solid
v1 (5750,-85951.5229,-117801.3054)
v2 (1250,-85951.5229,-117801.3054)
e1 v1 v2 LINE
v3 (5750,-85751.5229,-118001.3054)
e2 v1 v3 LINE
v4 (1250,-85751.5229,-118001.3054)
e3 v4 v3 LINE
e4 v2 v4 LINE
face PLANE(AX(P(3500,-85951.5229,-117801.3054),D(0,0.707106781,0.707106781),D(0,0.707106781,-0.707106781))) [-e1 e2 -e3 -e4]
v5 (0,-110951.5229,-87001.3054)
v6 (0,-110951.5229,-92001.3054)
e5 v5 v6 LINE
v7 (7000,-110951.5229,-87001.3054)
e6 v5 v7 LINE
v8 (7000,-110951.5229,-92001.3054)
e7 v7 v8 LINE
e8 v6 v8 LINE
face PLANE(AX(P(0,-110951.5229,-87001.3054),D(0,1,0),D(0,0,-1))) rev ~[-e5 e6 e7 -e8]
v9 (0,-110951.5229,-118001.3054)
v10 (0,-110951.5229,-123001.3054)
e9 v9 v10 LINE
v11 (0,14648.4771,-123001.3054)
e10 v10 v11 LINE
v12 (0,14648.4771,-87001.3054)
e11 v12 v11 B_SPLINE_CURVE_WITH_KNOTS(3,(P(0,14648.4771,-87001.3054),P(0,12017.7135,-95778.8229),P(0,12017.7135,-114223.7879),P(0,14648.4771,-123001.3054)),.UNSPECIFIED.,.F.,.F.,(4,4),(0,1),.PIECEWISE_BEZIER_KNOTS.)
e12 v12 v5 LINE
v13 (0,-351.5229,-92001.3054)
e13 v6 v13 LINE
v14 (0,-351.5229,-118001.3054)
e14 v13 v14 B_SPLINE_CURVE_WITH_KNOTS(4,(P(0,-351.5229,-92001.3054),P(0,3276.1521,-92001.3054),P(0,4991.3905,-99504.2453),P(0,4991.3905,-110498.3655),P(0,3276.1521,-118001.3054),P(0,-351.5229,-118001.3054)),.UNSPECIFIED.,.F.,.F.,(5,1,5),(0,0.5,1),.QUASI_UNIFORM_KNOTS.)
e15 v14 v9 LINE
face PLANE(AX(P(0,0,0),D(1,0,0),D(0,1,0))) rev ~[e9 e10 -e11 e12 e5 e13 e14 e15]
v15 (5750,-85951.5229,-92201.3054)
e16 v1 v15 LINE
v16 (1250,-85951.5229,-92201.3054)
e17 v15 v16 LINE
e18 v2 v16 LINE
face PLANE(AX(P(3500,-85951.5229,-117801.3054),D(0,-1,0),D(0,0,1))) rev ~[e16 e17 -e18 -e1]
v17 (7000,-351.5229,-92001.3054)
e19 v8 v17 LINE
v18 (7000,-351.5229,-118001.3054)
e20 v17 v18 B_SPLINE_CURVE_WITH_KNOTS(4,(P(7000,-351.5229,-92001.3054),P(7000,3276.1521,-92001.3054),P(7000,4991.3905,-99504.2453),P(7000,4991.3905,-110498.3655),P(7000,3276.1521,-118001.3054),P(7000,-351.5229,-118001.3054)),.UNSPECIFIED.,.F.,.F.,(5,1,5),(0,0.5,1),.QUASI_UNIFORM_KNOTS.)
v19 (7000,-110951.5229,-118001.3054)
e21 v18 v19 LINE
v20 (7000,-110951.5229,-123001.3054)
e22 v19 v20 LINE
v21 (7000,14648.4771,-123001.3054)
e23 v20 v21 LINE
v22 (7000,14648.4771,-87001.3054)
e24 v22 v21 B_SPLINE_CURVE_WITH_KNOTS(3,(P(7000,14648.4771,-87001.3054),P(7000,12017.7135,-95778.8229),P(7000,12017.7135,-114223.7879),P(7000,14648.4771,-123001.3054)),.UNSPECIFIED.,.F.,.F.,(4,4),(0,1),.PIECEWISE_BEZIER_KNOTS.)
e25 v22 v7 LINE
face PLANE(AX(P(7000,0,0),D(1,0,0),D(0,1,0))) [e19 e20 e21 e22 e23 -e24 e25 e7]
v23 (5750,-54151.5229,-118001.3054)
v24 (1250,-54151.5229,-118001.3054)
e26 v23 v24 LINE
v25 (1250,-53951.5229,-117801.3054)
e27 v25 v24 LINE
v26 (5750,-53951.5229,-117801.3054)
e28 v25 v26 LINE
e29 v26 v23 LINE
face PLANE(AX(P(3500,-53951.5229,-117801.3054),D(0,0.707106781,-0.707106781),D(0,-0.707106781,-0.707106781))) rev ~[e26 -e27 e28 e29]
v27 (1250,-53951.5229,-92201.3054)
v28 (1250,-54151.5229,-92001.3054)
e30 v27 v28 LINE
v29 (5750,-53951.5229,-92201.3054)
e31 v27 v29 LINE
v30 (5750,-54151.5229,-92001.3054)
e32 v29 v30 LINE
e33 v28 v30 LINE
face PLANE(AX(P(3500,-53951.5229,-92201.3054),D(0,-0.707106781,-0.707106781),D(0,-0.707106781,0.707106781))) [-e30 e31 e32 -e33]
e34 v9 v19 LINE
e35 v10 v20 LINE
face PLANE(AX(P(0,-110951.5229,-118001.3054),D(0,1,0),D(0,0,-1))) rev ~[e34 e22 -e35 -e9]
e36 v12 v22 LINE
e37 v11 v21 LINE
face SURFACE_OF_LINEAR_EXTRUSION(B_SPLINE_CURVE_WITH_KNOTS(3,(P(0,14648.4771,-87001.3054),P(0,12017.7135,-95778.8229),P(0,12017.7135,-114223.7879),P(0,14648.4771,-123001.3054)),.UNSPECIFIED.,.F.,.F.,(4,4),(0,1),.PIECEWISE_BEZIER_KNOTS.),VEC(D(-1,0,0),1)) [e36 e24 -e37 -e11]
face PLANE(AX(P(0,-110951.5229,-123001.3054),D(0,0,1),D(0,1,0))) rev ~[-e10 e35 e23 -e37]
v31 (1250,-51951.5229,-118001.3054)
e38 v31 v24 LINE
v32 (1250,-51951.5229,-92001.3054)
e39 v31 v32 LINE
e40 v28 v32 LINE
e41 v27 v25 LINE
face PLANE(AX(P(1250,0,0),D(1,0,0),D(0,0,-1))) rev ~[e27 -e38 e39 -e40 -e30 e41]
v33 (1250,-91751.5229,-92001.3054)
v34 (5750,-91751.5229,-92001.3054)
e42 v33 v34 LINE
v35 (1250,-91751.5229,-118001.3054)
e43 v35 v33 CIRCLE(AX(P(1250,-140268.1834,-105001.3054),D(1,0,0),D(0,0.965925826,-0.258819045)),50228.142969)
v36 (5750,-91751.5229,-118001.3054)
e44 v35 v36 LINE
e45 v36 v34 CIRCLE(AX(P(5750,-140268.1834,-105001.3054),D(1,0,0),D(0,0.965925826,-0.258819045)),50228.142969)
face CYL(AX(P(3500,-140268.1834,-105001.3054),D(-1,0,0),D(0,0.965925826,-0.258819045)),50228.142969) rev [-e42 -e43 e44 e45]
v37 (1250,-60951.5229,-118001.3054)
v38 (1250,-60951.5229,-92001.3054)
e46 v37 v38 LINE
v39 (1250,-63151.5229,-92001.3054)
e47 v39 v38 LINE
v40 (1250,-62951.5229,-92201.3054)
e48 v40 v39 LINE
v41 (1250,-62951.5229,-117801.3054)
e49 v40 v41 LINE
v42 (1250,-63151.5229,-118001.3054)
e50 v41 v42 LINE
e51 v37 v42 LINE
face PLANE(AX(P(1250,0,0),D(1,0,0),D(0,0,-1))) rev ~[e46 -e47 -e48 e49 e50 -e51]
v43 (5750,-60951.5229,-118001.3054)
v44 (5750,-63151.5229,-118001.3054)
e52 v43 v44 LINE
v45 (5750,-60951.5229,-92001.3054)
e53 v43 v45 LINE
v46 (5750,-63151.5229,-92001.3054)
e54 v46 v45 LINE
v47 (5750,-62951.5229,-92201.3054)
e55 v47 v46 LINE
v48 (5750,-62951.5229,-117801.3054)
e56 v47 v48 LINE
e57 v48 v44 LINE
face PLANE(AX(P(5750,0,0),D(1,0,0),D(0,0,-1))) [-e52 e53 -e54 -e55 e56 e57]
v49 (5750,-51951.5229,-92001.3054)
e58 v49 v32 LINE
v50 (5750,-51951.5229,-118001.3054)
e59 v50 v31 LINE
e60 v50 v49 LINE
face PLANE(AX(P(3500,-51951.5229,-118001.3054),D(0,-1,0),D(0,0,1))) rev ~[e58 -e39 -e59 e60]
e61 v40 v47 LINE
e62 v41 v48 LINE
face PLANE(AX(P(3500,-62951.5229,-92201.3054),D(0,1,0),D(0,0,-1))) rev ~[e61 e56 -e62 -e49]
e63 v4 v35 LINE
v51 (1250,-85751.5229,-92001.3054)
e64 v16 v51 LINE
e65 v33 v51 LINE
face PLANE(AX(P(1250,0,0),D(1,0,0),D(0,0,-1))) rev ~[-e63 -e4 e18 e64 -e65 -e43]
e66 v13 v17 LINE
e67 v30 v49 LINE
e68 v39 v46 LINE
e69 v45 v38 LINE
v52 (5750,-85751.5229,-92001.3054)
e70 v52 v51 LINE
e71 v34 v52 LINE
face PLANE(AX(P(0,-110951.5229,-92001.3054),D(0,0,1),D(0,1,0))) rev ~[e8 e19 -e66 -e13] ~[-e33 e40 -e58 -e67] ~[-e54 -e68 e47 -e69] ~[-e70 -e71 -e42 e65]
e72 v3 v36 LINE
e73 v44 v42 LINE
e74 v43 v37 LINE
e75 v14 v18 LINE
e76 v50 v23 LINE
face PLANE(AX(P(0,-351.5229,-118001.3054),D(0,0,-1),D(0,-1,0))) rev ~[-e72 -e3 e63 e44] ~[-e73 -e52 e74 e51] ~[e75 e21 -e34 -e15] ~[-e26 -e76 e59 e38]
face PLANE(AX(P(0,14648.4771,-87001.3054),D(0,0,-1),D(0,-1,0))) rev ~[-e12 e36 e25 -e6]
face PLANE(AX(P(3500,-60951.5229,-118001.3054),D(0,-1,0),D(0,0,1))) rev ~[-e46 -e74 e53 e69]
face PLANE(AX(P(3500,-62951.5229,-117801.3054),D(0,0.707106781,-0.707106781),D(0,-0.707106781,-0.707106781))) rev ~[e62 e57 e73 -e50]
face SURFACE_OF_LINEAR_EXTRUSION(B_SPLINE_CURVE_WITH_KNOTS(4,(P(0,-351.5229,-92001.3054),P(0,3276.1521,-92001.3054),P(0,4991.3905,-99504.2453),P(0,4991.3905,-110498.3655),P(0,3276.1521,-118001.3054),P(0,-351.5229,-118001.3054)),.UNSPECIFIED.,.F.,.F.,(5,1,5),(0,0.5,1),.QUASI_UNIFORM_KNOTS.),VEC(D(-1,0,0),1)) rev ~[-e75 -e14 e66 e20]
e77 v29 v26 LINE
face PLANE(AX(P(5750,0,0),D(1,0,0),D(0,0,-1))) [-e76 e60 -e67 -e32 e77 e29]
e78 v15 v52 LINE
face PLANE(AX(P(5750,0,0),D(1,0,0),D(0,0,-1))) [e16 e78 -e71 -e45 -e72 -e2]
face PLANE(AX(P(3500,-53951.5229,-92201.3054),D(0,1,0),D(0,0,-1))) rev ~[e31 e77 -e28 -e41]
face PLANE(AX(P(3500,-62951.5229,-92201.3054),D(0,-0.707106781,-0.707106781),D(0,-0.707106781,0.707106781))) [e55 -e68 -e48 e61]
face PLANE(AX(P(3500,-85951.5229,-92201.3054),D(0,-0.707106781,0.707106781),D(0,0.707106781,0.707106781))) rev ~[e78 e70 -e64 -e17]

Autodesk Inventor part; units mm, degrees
ref_plane "YZ Plane" through (0, 0, 0) normal (1, 0, 0) x (0, 1, 0)
ref_plane "XZ Plane" through (0, 0, 0) normal (0, 1, 0) x (-1, 0, 0)
ref_plane "XY Plane" through (0, 0, 0) normal (0, 0, 1) x (1, 0, 0)
sketch "スケッチ1" plane through (0, 0, 0) normal (1, 0, 0) x (0, 1, 0)
  line L0 (14648.4771, -87001.3054) -> (-110951.5229, -87001.3054)
  line L1 (-110951.5229, -87001.3054) -> (-110951.5229, -92001.3054)
  line L2 (-110951.5229, -92001.3054) -> (-351.5229, -92001.3054)
  spline S0 degree 4 poles (-351.5229, -92001.3054) (3276.1521, -92001.3054) (4991.3905, -99504.2453) (4991.3905, -110498.3655) (3276.1521, -118001.3054) (-351.5229, -118001.3054) knots 0 0 0 0 0 0.5 1 1 1 1 1
  line L3 (-351.5229, -118001.3054) -> (-110951.5229, -118001.3054)
  line L4 (-110951.5229, -118001.3054) -> (-110951.5229, -123001.3054)
  line L5 (-110951.5229, -123001.3054) -> (14648.4771, -123001.3054)
  spline S1 degree 3 poles (14648.4771, -87001.3054) (12017.7135, -95778.8229) (12017.7135, -114223.7879) (14648.4771, -123001.3054) knots 0 0 0 0 1 1 1 1
  point P0 (0, 0)
  point P1 (4033.3753, -97539.5737)
  point P2 (4033.3753, -112463.0371)
  point P3 (12947.7718, -97539.5737)
  point P4 (12947.7718, -112463.0371)
  dimension "d0" = 125600
  dimension "d1" = 5000
  dimension "d2" = 36000
  dimension "d3" = 15000
  dimension "d4" = 4384.8982
  dimension "d5" = 1700.7053
  dimension "d6" = 5538.2683
  dimension "d7" = 5538.2683
extrude "押し出し1" add sketch "スケッチ1" along normal blind 7000
ref_plane "作業平面1" through (3500, 0, 0) normal (1, 0, 0) x (0, 0, -1)
sketch "スケッチ2" plane through (3500, 0, 0) normal (1, 0, 0) x (0, 0, -1)
  line L0 (87001.3054, 14648.4771) -> (87001.3054, -110951.5229) projected
  line L1 (87001.3054, -110951.5229) -> (92001.3054, -110951.5229) projected
  line L2 (92001.3054, -110951.5229) -> (92001.3054, -351.5229) projected
  line L3 (118001.3054, -351.5229) -> (118001.3054, -110951.5229) projected
  line L4 (118001.3054, -110951.5229) -> (123001.3054, -110951.5229) projected
  line L5 (123001.3054, -110951.5229) -> (123001.3054, 14648.4771) projected
  line L6 (87001.3054, 14648.4771) -> (87001.3054, -110951.5229) projected
  arc A0 (118001.3054, -91751.5229) -> (92001.3054, -91751.5229) centre (105001.3054, -140268.1834) ccw
  line L7 (92001.3054, -110951.5229) -> (92001.3054, -351.5229) projected
  line L8 (118001.3054, -351.5229) -> (118001.3054, -110951.5229) projected
  line L9 (117801.3054, -85951.5229) -> (92201.3054, -85951.5229)
  line L10 (92201.3054, -85951.5229) -> (92001.3054, -85751.5229)
  line L11 (117801.3054, -85951.5229) -> (118001.3054, -85751.5229)
  line L12 (92001.3054, -91751.5229) -> (92001.3054, -85751.5229)
  line L13 (118001.3054, -91751.5229) -> (118001.3054, -85751.5229)
  line L14 (92201.3054, -62951.5229) -> (117801.3054, -62951.5229)
  line L15 (117801.3054, -62951.5229) -> (118001.3054, -63151.5229)
  line L16 (92201.3054, -62951.5229) -> (92001.3054, -63151.5229)
  line L17 (118001.3054, -63151.5229) -> (118001.3054, -60951.5229)
  line L18 (118001.3054, -60951.5229) -> (92001.3054, -60951.5229)
  line L19 (92001.3054, -60951.5229) -> (92001.3054, -63151.5229)
  line L20 (92001.3054, -51951.5229) -> (92001.3054, -54151.5229)
  line L21 (118001.3054, -51951.5229) -> (92001.3054, -51951.5229)
  line L22 (92201.3054, -53951.5229) -> (92001.3054, -54151.5229)
  line L23 (92201.3054, -53951.5229) -> (117801.3054, -53951.5229)
  line L24 (118001.3054, -54151.5229) -> (118001.3054, -51951.5229)
  line L25 (117801.3054, -53951.5229) -> (118001.3054, -54151.5229)
  point P0 (0, 0)
  dimension "d11" = 30
  dimension "d12" = 200
  dimension "d13" = 200
  dimension "d14" = 6000
  dimension "d15" = 25000
  dimension "d16" = 200
  dimension "d17" = 200
  dimension "d18" = 2000
  dimension "d19" = 50000
  dimension "d20" = 200
  dimension "d23" = 9000
extrude "押し出し2" add sketch "スケッチ2" along normal mid plane 4500 contours L2 L10 L9 L11 L3 A0 | L2 L18 L3 L15 L14 L16 | L2 L21 L3 L25 L23 L22
equation "\"d7\" = d6"
equation "\"d12\" = d13"
equation "\"d16\" = d17"
equation "\"d17\" = d13"
equation "\"d20\" = d17"
properties part number "main_tower"
